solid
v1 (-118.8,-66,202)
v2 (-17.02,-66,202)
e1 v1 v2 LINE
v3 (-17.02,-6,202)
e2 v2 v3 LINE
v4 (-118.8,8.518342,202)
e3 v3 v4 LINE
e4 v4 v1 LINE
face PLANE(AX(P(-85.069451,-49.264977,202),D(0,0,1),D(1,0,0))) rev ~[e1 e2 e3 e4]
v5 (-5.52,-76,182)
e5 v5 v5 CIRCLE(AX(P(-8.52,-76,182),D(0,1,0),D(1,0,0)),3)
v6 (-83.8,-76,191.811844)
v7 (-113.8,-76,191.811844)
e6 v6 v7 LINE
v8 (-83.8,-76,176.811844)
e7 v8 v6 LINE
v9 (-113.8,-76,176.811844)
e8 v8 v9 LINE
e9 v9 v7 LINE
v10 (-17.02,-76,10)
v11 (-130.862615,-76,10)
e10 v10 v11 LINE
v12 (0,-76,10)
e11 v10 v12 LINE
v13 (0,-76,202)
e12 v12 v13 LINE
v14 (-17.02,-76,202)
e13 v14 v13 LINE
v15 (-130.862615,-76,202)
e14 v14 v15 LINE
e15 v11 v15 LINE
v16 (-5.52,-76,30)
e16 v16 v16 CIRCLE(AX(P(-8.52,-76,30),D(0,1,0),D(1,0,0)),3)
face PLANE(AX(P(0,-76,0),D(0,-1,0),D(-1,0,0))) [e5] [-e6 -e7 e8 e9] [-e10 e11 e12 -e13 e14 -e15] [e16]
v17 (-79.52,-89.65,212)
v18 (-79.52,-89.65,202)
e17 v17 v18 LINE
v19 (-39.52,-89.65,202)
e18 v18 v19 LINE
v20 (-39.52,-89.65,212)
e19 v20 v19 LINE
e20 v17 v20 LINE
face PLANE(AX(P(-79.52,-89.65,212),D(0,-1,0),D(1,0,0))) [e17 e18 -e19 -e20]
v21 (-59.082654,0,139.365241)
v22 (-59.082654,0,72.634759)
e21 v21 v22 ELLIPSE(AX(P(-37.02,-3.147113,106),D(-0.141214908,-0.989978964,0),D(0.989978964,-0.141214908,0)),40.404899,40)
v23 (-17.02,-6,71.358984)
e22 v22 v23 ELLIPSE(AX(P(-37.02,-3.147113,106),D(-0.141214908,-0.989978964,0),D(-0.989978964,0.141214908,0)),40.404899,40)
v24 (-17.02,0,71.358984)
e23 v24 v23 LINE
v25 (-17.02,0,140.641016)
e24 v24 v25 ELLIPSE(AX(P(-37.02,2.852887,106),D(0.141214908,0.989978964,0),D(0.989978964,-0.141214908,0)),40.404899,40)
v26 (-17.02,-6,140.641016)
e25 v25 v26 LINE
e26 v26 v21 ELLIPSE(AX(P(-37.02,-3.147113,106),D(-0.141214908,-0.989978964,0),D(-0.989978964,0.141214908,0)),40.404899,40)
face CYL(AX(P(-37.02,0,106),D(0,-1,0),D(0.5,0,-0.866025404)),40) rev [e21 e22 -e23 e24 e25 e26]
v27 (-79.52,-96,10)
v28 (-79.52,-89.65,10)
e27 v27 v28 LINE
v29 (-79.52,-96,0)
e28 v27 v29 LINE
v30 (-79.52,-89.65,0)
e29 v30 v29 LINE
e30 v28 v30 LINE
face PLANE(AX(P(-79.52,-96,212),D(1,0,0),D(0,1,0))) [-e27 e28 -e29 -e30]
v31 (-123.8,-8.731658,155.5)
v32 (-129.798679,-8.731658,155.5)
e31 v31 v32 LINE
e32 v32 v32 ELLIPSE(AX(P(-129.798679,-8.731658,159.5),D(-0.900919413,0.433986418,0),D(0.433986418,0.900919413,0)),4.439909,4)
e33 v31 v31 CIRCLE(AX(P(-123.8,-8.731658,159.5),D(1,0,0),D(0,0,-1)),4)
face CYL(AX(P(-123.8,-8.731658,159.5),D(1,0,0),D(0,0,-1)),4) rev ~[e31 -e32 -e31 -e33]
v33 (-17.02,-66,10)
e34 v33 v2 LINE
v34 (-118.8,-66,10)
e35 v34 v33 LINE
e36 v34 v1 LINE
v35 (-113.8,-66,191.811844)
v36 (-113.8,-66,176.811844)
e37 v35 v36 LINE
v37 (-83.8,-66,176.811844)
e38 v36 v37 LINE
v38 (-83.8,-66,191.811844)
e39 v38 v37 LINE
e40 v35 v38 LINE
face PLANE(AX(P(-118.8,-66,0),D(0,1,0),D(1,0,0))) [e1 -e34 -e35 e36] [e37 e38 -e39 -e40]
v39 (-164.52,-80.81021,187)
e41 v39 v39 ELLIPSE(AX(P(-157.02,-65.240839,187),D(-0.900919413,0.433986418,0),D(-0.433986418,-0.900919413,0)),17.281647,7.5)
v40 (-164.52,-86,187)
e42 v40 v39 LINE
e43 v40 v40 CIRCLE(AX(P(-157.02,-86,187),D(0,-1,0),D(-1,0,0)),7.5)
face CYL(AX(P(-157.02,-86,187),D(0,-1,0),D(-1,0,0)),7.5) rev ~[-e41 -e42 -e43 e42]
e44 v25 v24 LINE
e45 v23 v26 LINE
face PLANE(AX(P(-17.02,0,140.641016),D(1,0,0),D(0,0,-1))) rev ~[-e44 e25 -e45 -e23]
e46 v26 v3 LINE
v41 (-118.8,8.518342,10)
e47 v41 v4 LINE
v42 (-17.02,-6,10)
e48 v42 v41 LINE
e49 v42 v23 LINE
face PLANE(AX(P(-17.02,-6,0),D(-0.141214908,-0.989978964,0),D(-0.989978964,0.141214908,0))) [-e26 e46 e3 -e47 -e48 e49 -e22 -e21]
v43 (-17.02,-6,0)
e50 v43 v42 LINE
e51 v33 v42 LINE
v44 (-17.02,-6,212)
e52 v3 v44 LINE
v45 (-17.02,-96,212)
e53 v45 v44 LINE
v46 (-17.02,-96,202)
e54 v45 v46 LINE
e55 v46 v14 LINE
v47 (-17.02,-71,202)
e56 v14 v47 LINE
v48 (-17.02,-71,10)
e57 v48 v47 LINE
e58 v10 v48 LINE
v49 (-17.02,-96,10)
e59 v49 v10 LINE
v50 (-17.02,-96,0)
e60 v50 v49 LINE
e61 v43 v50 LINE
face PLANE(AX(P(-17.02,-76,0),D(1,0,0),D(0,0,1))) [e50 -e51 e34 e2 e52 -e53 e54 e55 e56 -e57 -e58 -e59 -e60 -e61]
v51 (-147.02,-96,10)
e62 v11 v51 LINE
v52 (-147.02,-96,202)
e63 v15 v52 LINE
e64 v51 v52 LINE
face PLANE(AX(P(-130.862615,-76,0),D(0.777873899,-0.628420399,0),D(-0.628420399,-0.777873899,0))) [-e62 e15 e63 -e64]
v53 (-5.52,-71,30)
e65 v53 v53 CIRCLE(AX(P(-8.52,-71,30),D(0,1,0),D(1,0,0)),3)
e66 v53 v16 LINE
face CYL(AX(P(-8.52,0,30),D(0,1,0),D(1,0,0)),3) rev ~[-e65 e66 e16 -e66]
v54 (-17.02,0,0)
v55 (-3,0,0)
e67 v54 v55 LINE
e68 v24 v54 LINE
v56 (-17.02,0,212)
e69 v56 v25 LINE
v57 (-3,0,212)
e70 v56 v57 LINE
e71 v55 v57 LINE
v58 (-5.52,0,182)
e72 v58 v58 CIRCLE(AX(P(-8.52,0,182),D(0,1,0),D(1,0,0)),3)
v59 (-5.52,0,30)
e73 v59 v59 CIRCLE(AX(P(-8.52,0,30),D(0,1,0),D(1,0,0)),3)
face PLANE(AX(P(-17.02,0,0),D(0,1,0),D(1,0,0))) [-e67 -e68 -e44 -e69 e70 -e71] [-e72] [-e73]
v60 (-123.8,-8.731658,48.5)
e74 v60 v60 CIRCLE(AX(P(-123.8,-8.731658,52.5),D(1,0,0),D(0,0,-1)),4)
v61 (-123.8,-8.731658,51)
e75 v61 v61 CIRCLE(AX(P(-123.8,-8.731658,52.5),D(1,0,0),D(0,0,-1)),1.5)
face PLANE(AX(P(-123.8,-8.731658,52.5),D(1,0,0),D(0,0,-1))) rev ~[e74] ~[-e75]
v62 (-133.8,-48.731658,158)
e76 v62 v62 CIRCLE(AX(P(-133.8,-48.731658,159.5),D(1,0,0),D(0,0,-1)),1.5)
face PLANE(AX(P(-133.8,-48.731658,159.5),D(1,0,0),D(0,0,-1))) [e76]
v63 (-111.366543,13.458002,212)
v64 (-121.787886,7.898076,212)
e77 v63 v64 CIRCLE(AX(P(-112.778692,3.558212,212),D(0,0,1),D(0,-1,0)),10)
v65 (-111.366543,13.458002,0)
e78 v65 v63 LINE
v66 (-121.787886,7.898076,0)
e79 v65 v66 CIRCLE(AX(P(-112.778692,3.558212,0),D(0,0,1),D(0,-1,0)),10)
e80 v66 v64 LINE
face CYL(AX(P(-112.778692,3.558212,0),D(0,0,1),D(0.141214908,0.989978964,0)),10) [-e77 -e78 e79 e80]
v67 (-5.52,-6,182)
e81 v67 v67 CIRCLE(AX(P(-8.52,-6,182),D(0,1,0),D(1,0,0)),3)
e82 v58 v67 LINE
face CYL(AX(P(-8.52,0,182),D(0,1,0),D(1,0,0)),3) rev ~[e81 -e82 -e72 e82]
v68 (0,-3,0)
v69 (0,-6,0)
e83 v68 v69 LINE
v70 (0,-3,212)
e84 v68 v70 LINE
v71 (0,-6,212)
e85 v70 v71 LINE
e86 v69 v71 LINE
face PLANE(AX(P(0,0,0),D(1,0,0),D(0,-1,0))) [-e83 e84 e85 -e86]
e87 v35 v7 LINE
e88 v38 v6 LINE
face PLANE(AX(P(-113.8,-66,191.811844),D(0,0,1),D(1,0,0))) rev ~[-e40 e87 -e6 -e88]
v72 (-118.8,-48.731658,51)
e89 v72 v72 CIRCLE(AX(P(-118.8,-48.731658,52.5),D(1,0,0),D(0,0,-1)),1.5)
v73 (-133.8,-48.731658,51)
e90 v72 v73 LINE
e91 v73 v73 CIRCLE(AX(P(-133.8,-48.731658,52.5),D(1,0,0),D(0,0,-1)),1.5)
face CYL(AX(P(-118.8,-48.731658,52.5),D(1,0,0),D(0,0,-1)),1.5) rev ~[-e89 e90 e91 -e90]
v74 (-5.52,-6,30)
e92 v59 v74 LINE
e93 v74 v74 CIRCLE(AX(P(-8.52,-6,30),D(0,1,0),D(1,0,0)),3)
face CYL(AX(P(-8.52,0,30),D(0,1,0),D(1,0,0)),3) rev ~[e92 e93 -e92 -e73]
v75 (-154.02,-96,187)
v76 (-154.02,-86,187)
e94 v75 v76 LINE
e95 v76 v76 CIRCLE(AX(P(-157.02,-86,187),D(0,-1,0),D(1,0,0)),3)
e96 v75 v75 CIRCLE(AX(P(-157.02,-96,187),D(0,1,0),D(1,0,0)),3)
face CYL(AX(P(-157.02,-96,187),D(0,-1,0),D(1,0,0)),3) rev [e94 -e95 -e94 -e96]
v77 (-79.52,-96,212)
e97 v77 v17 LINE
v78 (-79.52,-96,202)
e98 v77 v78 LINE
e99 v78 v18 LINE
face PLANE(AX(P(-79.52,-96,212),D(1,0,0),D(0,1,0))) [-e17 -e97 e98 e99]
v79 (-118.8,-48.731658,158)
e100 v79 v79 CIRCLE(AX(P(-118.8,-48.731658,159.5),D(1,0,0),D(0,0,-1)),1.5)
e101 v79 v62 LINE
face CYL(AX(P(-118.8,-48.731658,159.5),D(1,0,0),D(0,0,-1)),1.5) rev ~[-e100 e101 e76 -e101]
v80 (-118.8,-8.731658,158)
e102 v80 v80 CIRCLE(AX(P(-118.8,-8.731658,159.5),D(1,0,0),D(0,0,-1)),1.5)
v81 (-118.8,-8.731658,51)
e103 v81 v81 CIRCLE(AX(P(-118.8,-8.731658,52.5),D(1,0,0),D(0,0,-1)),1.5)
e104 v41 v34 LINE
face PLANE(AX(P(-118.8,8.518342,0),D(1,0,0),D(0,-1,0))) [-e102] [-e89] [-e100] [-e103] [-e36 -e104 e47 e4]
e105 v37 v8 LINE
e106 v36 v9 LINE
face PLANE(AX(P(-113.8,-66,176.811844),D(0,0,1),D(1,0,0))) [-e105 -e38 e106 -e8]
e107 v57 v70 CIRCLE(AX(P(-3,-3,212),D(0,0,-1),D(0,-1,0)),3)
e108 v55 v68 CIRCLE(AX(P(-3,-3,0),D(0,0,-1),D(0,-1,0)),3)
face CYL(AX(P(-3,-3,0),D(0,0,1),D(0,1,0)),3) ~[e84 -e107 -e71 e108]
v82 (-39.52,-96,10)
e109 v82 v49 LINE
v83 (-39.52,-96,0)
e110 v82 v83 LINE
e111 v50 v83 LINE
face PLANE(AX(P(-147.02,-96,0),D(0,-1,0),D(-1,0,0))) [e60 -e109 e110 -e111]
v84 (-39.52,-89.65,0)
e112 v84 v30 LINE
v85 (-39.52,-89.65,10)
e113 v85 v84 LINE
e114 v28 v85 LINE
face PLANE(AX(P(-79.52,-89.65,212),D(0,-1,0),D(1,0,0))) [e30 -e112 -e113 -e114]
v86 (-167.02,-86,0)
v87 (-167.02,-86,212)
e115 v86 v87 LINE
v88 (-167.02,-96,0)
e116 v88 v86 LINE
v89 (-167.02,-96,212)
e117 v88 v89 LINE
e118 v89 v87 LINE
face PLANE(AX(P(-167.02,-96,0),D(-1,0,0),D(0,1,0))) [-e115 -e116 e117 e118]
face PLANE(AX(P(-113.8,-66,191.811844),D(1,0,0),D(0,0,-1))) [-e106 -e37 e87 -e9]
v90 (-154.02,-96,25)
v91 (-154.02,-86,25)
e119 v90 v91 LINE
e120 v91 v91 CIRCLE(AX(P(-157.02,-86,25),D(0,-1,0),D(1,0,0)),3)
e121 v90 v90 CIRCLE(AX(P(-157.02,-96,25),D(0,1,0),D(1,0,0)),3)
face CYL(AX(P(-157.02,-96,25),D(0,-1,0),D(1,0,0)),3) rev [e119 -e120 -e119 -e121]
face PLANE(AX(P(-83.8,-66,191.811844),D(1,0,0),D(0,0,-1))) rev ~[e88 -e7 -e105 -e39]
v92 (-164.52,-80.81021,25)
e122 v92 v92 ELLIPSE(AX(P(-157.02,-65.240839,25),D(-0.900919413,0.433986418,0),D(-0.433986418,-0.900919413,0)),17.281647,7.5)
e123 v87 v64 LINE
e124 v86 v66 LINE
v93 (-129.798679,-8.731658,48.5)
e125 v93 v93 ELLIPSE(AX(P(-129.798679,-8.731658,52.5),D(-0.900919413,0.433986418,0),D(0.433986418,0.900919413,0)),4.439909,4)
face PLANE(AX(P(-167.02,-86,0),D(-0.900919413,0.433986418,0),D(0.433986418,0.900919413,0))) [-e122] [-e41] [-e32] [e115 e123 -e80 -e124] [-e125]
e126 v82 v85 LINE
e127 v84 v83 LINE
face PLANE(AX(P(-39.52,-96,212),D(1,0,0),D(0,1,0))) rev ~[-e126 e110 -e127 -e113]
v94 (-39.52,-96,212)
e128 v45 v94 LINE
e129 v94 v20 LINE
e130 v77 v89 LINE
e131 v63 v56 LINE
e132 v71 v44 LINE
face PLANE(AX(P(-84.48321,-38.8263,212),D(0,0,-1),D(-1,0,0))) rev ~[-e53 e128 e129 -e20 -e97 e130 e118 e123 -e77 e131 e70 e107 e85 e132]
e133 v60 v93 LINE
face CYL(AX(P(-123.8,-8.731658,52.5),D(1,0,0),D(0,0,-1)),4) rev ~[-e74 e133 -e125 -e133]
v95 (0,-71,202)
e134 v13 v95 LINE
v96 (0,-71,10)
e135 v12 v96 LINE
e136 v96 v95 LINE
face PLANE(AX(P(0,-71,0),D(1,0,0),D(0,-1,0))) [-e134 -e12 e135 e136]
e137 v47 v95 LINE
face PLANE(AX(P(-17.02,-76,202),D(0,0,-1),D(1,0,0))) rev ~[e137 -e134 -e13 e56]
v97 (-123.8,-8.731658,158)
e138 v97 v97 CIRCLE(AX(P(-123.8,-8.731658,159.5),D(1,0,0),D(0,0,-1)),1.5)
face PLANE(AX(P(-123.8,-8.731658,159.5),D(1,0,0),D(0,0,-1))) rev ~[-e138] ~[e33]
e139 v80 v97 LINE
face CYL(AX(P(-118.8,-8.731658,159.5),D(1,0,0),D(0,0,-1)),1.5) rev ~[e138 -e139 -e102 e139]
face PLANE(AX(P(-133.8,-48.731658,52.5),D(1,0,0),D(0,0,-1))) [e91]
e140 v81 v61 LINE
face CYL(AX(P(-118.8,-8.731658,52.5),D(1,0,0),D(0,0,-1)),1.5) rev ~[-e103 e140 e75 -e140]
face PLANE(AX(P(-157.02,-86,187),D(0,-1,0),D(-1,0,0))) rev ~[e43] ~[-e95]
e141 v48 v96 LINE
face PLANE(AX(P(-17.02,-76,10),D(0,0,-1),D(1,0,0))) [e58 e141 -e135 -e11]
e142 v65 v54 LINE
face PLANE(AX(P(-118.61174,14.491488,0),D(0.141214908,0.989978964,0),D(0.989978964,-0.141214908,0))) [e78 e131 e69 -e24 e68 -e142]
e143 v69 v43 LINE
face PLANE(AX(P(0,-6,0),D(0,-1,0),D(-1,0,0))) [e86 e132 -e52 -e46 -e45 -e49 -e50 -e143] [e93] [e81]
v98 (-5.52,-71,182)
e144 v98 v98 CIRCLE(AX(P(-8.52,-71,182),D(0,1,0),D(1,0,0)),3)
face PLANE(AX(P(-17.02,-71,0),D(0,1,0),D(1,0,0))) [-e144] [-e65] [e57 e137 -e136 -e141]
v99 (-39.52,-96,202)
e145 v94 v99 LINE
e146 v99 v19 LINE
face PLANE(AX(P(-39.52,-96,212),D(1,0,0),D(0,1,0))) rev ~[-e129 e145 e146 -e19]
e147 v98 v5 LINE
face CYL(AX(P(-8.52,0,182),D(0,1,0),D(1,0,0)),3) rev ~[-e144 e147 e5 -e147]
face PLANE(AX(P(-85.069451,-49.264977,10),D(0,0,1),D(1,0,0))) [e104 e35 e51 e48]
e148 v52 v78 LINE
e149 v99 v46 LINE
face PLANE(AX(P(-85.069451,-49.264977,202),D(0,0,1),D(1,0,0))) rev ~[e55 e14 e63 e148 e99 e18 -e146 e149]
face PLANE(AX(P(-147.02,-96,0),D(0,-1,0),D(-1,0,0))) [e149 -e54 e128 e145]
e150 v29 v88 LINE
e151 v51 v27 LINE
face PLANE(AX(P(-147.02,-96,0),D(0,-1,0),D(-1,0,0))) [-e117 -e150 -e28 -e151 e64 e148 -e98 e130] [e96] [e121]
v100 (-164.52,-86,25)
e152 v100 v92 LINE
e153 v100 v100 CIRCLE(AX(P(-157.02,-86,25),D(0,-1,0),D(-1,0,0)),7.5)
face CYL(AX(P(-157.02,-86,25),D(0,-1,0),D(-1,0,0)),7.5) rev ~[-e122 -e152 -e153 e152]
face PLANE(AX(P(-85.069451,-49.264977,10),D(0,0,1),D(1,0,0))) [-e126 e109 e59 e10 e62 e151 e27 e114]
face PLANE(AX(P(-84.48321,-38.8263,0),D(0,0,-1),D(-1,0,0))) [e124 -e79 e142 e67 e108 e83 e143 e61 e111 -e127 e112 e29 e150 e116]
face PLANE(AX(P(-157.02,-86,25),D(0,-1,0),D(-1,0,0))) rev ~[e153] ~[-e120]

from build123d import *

# Parameters (mm, degrees)
BOSS_EXTRUDE1_DEPTH     = 212
CUT_EXTRUDE1_REACH      = 92.491
SKETCH2_W               = 17.02
SKETCH2_H               = 10
SKETCH3_R               = 1.5
CUT_EXTRUDE2_DEPTH      = 15
SKETCH4_R               = 3
CUT_EXTRUDE3_DEPTH      = 111.491488024
CUT_EXTRUDE3_DEPTH_BACK = 1
SKETCH5_W               = 30
SKETCH5_H               = 15
CUT_EXTRUDE4_DEPTH      = 15
SKETCH6_R               = 3
CUT_EXTRUDE5_DEPTH      = 15.491488024
CUT_EXTRUDE5_DEPTH_BACK = 97
BOSS_EXTRUDE2_DEPTH     = 10
BOSS_EXTRUDE3_DEPTH     = 10
SKETCH9_W               = 40
SKETCH9_H               = 6.35
CUT_EXTRUDE6_DEPTH      = 1
CUT_EXTRUDE6_DEPTH_BACK = 213
CUT_EXTRUDE9_DEPTH      = 25
CUT_EXTRUDE9_DEPTH_BACK = 27
SKETCH11_R              = 7.5
CUT_EXTRUDE10_DEPTH     = 101.491488024
SKETCH12_R              = 4
CUT_EXTRUDE11_DEPTH     = 44.22
FILLET2_R               = 10
FILLET3_R               = 3


with BuildPart() as part:
    # Sketch1 → Boss-Extrude1 (new body)
    with BuildSketch(Plane.XY):
        Polygon((0, 0), (0, -6), (-17.02, -6), (-118.8, 8.518342212), (-118.8, -66), (-17.02, -66), (-17.02, -71), (0, -71), (0, -76), (-130.862615106, -76), (-147.02, -96), (-167.02, -96), (-167.02, -86), (-118.611740262, 14.491488024), (-17.02, 0), align=None)
    extrude(amount=BOSS_EXTRUDE1_DEPTH)

    # Sketch2 → Cut-Extrude1 (cut, up to next)
    with BuildSketch(Plane.XZ.offset(76), mode=Mode.PRIVATE) as cut_extrude1_sk1:
        with Locations((-8.51, 207)):
            Rectangle(SKETCH2_W, SKETCH2_H)
    cut_extrude1_tool1 = extrude(cut_extrude1_sk1.sketch, amount=-CUT_EXTRUDE1_REACH, mode=Mode.PRIVATE) & part.part
    add(cut_extrude1_tool1.solids().sort_by_distance((-8.51, -76, 207))[0], mode=Mode.SUBTRACT)
    # Sketch2 → Cut-Extrude1 (cut, up to next)
    with BuildSketch(Plane.XZ.offset(76), mode=Mode.PRIVATE) as cut_extrude1_sk2:
        with Locations((-8.51, 5)):
            Rectangle(SKETCH2_W, SKETCH2_H)
    cut_extrude1_tool2 = extrude(cut_extrude1_sk2.sketch, amount=-CUT_EXTRUDE1_REACH, mode=Mode.PRIVATE) & part.part
    add(cut_extrude1_tool2.solids().sort_by_distance((-8.51, -76, 5))[0], mode=Mode.SUBTRACT)

    # Sketch3 → Cut-Extrude2 (cut)
    with BuildSketch(Plane(origin=(-118.8, 0, 0), x_dir=(0, 0, -1), z_dir=(1, 0, 0))):
        with Locations((-159.5, -8.731657788)):
            Circle(SKETCH3_R)
        with Locations((-159.5, -48.731657788)):
            Circle(SKETCH3_R)
        with Locations((-52.5, -48.731657788)):
            Circle(SKETCH3_R)
        with Locations((-52.5, -8.731657788)):
            Circle(SKETCH3_R)
    extrude(amount=-CUT_EXTRUDE2_DEPTH, mode=Mode.SUBTRACT)

    # Sketch4 → Cut-Extrude3 (cut, two sides)
    with BuildSketch(Plane(origin=(0, -96, 0), x_dir=(1, 0, 0), z_dir=(0, 1, 0))) as cut_extrude3_sk:
        with Locations((-157.02, -187)):
            Circle(SKETCH4_R)
        with Locations((-157.02, -25)):
            Circle(SKETCH4_R)
    extrude(amount=CUT_EXTRUDE3_DEPTH, mode=Mode.SUBTRACT)
    extrude(cut_extrude3_sk.sketch, amount=-CUT_EXTRUDE3_DEPTH_BACK, mode=Mode.SUBTRACT)

    # Sketch5 → Cut-Extrude4 (cut)
    with BuildSketch(Plane(origin=(0, -66, 0), x_dir=(1, 0, 0), z_dir=(0, 1, 0))):
        with Locations((-98.8, -184.31184426)):
            Rectangle(SKETCH5_W, SKETCH5_H)
    extrude(amount=-CUT_EXTRUDE4_DEPTH, mode=Mode.SUBTRACT)

    # Sketch6 → Cut-Extrude5 (cut, two sides)
    with BuildSketch(Plane(origin=(0, 0, 0), x_dir=(1, 0, 0), z_dir=(0, 1, 0))) as cut_extrude5_sk:
        with Locations((-8.52, -30)):
            Circle(SKETCH6_R)
        with Locations((-8.52, -182)):
            Circle(SKETCH6_R)
    extrude(amount=CUT_EXTRUDE5_DEPTH, mode=Mode.SUBTRACT)
    extrude(cut_extrude5_sk.sketch, amount=-CUT_EXTRUDE5_DEPTH_BACK, mode=Mode.SUBTRACT)

    # Sketch7 → Boss-Extrude2 (add)
    with BuildSketch(Plane.XY.offset(212)):
        Polygon((-17.02, 0), (-118.611740262, 14.491488024), (-167.02, -86), (-167.02, -96), (-17.02, -96), align=None)
    extrude(amount=-BOSS_EXTRUDE2_DEPTH)

    # Sketch8 → Boss-Extrude3 (add)
    with BuildSketch(Plane(origin=(0, 0, 0), x_dir=(-1, 0, 0), z_dir=(0, 0, -1))):
        Polygon((167.02, -86), (167.02, -96), (17.02, -96), (17.02, 0), (118.611740262, 14.491488024), align=None)
    extrude(amount=-BOSS_EXTRUDE3_DEPTH)

    # Sketch9 → Cut-Extrude6 (cut, two sides)
    with BuildSketch(Plane.XY.offset(212)) as cut_extrude6_sk:
        with Locations((-59.52, -92.825)):
            Rectangle(SKETCH9_W, SKETCH9_H)
    extrude(amount=CUT_EXTRUDE6_DEPTH, mode=Mode.SUBTRACT)
    extrude(cut_extrude6_sk.sketch, amount=-CUT_EXTRUDE6_DEPTH_BACK, mode=Mode.SUBTRACT)

    # Sketch10 → Cut-Extrude9 (cut, two sides)
    with BuildSketch(Plane(origin=(0, 0, 0), x_dir=(1, 0, 0), z_dir=(0, 1, 0))) as cut_extrude9_sk:
        with BuildLine():
            Line((-17.02, -140.641016151), (-17.02, -71.358983849))
            ThreePointArc((-17.02, -71.358983849), (-77.02, -106), (-17.02, -140.641016151))
        make_face()
    extrude(amount=CUT_EXTRUDE9_DEPTH, mode=Mode.SUBTRACT)
    extrude(cut_extrude9_sk.sketch, amount=-CUT_EXTRUDE9_DEPTH_BACK, mode=Mode.SUBTRACT)

    # Sketch11 → Cut-Extrude10 (cut, through all)
    with BuildSketch(Plane(origin=(0, -86, 0), x_dir=(-1, 0, 0), z_dir=(0, -1, 0))):
        with Locations((157.02, -25)):
            Circle(SKETCH11_R)
        with Locations((157.02, -187)):
            Circle(SKETCH11_R)
    extrude(amount=-CUT_EXTRUDE10_DEPTH, mode=Mode.SUBTRACT)

    # Sketch12 → Cut-Extrude11 (cut, through all)
    with BuildSketch(Plane(origin=(-123.8, 0, 0), x_dir=(0, 0, -1), z_dir=(1, 0, 0))):
        with Locations((-159.5, -8.731657788)):
            Circle(SKETCH12_R)
        with Locations((-52.5, -8.731657788)):
            Circle(SKETCH12_R)
    extrude(amount=-CUT_EXTRUDE11_DEPTH, mode=Mode.SUBTRACT)

    # Fillet2
    fillet2_edges = [part.edges().sort_by_distance(p)[0] for p in [
        (-118.611740262, 14.491488024, 106),
    ]]
    fillet(fillet2_edges, radius=FILLET2_R)

    # Fillet3
    fillet3_edges = [part.edges().sort_by_distance(p)[0] for p in [
        (0, 0, 106),
    ]]
    fillet(fillet3_edges, radius=FILLET3_R)


solid = part.part
